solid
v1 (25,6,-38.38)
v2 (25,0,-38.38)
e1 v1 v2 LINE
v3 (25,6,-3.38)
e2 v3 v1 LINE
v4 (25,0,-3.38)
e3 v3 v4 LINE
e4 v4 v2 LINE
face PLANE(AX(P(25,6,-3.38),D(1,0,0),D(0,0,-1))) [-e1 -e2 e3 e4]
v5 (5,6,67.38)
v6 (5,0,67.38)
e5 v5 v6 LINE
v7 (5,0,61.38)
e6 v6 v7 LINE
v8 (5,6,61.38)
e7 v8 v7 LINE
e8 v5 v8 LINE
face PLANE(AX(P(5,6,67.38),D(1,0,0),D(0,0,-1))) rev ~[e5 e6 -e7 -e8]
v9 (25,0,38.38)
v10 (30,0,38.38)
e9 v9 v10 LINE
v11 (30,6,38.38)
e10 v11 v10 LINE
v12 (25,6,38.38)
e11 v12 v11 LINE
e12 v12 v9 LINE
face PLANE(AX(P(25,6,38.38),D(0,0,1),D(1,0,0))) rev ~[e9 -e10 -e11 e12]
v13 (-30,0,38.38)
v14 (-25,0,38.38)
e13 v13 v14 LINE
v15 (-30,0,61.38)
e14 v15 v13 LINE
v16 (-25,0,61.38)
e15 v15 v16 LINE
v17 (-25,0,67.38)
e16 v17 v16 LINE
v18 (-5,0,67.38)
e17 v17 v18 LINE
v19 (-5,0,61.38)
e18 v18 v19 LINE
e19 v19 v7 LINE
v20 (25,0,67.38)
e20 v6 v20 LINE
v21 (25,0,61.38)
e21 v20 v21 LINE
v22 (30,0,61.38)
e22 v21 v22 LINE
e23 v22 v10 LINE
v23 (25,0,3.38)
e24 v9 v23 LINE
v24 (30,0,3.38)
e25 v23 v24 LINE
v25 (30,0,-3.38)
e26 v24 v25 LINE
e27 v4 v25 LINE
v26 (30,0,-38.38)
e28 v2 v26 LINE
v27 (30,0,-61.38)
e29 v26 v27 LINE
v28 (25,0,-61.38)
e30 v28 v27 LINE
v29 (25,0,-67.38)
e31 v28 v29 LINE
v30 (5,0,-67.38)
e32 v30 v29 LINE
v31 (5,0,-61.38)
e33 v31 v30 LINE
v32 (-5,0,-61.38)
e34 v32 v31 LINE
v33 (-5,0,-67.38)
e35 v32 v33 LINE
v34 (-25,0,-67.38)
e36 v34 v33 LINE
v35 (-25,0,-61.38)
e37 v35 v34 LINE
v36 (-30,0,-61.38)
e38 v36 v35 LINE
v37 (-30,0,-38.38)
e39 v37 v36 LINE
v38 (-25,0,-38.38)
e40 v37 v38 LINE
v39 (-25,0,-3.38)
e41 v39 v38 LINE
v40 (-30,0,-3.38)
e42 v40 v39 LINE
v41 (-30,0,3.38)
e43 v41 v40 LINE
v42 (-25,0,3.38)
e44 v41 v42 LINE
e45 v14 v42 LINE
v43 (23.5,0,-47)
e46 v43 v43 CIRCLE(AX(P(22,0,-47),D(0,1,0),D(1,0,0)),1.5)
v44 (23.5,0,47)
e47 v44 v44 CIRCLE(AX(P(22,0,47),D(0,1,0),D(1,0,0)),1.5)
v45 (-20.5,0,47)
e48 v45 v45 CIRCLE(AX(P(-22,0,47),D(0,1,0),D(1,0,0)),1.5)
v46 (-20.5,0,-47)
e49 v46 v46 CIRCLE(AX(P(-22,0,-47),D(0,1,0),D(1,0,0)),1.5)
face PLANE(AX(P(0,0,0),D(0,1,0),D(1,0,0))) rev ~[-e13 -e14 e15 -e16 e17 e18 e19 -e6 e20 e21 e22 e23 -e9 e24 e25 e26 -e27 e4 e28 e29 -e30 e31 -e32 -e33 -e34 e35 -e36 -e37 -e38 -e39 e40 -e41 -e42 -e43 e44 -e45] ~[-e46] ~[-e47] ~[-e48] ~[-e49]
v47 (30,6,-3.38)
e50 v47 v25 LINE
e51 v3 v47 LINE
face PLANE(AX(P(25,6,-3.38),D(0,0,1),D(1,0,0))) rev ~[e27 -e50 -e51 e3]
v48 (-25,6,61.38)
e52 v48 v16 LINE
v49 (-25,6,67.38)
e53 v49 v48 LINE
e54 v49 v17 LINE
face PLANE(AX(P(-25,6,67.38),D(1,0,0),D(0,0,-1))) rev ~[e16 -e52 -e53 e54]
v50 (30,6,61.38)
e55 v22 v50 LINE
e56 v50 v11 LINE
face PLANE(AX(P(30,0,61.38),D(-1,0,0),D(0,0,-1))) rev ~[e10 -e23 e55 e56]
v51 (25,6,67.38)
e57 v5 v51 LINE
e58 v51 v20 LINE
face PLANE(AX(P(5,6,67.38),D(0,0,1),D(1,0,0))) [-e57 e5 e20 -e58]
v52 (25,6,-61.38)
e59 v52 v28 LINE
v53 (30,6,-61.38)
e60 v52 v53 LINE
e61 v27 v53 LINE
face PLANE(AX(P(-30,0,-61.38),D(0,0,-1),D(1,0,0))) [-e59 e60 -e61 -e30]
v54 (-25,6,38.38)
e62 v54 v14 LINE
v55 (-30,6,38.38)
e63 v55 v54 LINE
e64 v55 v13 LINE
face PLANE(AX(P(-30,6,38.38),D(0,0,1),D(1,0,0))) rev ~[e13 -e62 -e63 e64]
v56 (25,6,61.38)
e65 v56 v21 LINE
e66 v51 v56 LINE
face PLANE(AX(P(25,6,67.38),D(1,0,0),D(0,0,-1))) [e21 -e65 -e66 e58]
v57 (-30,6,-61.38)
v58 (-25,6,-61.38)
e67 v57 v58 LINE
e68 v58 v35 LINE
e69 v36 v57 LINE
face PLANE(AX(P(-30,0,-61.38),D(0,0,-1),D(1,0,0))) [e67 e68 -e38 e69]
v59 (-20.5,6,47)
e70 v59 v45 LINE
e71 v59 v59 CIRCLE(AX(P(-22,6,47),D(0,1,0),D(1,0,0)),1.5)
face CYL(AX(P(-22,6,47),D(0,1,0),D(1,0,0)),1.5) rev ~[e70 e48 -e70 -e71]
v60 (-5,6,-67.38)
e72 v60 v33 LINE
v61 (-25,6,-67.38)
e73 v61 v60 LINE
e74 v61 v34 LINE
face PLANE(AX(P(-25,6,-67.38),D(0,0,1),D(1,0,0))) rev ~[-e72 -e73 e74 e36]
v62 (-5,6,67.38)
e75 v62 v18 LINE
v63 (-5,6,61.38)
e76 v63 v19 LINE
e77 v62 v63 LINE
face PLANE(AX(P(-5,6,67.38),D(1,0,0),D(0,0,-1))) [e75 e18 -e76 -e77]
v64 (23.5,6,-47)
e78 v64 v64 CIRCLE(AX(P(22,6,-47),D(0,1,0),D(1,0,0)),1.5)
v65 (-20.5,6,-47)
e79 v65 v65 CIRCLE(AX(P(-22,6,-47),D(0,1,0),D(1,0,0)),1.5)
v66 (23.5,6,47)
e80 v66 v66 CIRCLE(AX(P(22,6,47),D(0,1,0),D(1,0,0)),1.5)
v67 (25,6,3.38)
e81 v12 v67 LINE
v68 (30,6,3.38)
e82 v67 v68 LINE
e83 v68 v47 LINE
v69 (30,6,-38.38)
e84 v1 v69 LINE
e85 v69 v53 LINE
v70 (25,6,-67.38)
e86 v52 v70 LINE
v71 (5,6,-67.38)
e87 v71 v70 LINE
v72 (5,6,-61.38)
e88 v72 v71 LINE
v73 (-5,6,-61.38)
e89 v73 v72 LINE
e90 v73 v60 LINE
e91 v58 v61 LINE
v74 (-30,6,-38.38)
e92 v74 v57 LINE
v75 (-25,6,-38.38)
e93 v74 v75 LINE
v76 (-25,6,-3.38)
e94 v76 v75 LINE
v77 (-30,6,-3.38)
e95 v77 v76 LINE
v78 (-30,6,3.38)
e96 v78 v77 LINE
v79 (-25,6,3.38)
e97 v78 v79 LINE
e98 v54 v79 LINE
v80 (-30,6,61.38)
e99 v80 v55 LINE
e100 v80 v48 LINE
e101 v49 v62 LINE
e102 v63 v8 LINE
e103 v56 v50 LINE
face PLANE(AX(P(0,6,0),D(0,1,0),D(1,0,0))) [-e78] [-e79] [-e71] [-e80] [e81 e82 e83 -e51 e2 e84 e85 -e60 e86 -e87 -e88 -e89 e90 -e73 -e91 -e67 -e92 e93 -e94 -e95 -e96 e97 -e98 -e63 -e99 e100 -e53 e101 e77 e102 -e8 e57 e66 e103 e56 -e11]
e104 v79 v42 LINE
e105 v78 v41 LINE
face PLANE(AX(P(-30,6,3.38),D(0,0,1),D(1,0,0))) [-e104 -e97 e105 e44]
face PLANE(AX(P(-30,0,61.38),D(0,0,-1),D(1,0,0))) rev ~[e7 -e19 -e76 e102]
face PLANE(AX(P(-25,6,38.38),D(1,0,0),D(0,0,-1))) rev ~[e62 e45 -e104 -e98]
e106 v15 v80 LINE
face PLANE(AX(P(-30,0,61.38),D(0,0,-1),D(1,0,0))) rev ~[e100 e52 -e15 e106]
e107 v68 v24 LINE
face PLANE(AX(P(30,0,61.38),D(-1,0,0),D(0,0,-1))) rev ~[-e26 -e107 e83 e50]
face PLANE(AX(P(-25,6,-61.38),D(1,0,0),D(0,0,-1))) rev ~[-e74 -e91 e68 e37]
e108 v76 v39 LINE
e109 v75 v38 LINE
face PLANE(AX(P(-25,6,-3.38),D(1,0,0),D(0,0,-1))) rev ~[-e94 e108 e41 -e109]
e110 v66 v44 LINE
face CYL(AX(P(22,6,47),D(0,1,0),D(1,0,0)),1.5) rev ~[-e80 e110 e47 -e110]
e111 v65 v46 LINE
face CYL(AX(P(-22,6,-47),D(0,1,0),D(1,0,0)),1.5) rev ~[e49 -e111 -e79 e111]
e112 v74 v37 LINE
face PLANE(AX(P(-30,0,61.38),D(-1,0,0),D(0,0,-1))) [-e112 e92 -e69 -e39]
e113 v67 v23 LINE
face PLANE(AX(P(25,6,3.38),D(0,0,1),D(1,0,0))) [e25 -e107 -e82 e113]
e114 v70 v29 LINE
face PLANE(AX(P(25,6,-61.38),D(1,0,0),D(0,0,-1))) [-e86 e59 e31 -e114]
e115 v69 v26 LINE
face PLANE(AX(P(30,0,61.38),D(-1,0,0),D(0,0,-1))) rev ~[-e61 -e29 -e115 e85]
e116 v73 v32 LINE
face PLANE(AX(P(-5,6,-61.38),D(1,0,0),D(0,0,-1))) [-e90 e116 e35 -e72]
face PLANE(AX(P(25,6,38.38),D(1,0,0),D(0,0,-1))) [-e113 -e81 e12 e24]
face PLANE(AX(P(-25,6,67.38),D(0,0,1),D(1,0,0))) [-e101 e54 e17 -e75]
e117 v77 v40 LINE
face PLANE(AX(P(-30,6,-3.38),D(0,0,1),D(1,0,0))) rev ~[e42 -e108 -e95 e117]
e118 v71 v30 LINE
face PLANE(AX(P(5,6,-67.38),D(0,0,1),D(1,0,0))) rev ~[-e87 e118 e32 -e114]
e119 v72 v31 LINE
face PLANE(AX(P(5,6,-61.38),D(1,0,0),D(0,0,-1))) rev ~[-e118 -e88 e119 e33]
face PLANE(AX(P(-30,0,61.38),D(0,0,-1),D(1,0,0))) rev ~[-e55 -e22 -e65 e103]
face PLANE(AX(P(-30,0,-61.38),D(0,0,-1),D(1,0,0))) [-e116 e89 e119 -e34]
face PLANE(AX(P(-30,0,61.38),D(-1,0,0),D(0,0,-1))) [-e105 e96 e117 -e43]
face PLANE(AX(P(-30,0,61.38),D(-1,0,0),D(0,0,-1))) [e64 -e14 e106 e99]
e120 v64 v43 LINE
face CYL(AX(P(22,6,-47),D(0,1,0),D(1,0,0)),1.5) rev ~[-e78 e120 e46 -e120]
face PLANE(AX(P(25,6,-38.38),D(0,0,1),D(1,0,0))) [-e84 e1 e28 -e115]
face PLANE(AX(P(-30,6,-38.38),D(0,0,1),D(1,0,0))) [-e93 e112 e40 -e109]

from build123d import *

# Parameters (mm, degrees)
ESQUISSE1_W             = 60
ESQUISSE1_H             = 122.76
BOSS_EXTRU_1_DEPTH      = 6
ESQUISSE2_W             = 20
ESQUISSE2_H             = 6
BOSS_EXTRU_2_DEPTH      = 6
ESQUISSE3_R             = 1.5
ENL_V_MAT_EXTRU_1_DEPTH = 6
ESQUISSE4_W             = 5
ESQUISSE4_H             = 35
ENL_V_MAT_EXTRU_2_DEPTH = 6


with BuildPart() as part:
    # Esquisse1 → Boss.-Extru.1 (new body)
    with BuildSketch(Plane(origin=(0, 0, 0), x_dir=(1, 0, 0), z_dir=(0, 1, 0))):
        Rectangle(ESQUISSE1_W, ESQUISSE1_H)
    extrude(amount=BOSS_EXTRU_1_DEPTH)

    # Esquisse2 → Boss.-Extru.2 (add)
    with BuildSketch(Plane(origin=(0, 6, 0), x_dir=(1, 0, 0), z_dir=(0, 1, 0))):
        with Locations((-15, 64.38)):
            Rectangle(ESQUISSE2_W, ESQUISSE2_H)
        with Locations((15, 64.38)):
            Rectangle(ESQUISSE2_W, ESQUISSE2_H)
        with Locations((15, -64.38)):
            Rectangle(ESQUISSE2_W, ESQUISSE2_H)
        with Locations((-15, -64.38)):
            Rectangle(ESQUISSE2_W, ESQUISSE2_H)
    extrude(amount=-BOSS_EXTRU_2_DEPTH)

    # Esquisse3 → Enlèv. mat.-Extru.1 (cut)
    with BuildSketch(Plane(origin=(0, 6, 0), x_dir=(1, 0, 0), z_dir=(0, 1, 0))):
        with Locations((22, 47)):
            Circle(ESQUISSE3_R)
        with Locations((-22, 47)):
            Circle(ESQUISSE3_R)
        with Locations((-22, -47)):
            Circle(ESQUISSE3_R)
        with Locations((22, -47)):
            Circle(ESQUISSE3_R)
    extrude(amount=-ENL_V_MAT_EXTRU_1_DEPTH, mode=Mode.SUBTRACT)

    # Esquisse4 → Enlèv. mat.-Extru.2 (cut)
    with BuildSketch(Plane(origin=(0, 6, 0), x_dir=(1, 0, 0), z_dir=(0, 1, 0))):
        with Locations((-27.5, -20.88)):
            Rectangle(ESQUISSE4_W, ESQUISSE4_H)
        with Locations((27.5, -20.88)):
            Rectangle(ESQUISSE4_W, ESQUISSE4_H)
        with Locations((-27.5, 20.88)):
            Rectangle(ESQUISSE4_W, ESQUISSE4_H)
        with Locations((27.5, 20.88)):
            Rectangle(ESQUISSE4_W, ESQUISSE4_H)
    extrude(amount=-ENL_V_MAT_EXTRU_2_DEPTH, mode=Mode.SUBTRACT)


solid = part.part
